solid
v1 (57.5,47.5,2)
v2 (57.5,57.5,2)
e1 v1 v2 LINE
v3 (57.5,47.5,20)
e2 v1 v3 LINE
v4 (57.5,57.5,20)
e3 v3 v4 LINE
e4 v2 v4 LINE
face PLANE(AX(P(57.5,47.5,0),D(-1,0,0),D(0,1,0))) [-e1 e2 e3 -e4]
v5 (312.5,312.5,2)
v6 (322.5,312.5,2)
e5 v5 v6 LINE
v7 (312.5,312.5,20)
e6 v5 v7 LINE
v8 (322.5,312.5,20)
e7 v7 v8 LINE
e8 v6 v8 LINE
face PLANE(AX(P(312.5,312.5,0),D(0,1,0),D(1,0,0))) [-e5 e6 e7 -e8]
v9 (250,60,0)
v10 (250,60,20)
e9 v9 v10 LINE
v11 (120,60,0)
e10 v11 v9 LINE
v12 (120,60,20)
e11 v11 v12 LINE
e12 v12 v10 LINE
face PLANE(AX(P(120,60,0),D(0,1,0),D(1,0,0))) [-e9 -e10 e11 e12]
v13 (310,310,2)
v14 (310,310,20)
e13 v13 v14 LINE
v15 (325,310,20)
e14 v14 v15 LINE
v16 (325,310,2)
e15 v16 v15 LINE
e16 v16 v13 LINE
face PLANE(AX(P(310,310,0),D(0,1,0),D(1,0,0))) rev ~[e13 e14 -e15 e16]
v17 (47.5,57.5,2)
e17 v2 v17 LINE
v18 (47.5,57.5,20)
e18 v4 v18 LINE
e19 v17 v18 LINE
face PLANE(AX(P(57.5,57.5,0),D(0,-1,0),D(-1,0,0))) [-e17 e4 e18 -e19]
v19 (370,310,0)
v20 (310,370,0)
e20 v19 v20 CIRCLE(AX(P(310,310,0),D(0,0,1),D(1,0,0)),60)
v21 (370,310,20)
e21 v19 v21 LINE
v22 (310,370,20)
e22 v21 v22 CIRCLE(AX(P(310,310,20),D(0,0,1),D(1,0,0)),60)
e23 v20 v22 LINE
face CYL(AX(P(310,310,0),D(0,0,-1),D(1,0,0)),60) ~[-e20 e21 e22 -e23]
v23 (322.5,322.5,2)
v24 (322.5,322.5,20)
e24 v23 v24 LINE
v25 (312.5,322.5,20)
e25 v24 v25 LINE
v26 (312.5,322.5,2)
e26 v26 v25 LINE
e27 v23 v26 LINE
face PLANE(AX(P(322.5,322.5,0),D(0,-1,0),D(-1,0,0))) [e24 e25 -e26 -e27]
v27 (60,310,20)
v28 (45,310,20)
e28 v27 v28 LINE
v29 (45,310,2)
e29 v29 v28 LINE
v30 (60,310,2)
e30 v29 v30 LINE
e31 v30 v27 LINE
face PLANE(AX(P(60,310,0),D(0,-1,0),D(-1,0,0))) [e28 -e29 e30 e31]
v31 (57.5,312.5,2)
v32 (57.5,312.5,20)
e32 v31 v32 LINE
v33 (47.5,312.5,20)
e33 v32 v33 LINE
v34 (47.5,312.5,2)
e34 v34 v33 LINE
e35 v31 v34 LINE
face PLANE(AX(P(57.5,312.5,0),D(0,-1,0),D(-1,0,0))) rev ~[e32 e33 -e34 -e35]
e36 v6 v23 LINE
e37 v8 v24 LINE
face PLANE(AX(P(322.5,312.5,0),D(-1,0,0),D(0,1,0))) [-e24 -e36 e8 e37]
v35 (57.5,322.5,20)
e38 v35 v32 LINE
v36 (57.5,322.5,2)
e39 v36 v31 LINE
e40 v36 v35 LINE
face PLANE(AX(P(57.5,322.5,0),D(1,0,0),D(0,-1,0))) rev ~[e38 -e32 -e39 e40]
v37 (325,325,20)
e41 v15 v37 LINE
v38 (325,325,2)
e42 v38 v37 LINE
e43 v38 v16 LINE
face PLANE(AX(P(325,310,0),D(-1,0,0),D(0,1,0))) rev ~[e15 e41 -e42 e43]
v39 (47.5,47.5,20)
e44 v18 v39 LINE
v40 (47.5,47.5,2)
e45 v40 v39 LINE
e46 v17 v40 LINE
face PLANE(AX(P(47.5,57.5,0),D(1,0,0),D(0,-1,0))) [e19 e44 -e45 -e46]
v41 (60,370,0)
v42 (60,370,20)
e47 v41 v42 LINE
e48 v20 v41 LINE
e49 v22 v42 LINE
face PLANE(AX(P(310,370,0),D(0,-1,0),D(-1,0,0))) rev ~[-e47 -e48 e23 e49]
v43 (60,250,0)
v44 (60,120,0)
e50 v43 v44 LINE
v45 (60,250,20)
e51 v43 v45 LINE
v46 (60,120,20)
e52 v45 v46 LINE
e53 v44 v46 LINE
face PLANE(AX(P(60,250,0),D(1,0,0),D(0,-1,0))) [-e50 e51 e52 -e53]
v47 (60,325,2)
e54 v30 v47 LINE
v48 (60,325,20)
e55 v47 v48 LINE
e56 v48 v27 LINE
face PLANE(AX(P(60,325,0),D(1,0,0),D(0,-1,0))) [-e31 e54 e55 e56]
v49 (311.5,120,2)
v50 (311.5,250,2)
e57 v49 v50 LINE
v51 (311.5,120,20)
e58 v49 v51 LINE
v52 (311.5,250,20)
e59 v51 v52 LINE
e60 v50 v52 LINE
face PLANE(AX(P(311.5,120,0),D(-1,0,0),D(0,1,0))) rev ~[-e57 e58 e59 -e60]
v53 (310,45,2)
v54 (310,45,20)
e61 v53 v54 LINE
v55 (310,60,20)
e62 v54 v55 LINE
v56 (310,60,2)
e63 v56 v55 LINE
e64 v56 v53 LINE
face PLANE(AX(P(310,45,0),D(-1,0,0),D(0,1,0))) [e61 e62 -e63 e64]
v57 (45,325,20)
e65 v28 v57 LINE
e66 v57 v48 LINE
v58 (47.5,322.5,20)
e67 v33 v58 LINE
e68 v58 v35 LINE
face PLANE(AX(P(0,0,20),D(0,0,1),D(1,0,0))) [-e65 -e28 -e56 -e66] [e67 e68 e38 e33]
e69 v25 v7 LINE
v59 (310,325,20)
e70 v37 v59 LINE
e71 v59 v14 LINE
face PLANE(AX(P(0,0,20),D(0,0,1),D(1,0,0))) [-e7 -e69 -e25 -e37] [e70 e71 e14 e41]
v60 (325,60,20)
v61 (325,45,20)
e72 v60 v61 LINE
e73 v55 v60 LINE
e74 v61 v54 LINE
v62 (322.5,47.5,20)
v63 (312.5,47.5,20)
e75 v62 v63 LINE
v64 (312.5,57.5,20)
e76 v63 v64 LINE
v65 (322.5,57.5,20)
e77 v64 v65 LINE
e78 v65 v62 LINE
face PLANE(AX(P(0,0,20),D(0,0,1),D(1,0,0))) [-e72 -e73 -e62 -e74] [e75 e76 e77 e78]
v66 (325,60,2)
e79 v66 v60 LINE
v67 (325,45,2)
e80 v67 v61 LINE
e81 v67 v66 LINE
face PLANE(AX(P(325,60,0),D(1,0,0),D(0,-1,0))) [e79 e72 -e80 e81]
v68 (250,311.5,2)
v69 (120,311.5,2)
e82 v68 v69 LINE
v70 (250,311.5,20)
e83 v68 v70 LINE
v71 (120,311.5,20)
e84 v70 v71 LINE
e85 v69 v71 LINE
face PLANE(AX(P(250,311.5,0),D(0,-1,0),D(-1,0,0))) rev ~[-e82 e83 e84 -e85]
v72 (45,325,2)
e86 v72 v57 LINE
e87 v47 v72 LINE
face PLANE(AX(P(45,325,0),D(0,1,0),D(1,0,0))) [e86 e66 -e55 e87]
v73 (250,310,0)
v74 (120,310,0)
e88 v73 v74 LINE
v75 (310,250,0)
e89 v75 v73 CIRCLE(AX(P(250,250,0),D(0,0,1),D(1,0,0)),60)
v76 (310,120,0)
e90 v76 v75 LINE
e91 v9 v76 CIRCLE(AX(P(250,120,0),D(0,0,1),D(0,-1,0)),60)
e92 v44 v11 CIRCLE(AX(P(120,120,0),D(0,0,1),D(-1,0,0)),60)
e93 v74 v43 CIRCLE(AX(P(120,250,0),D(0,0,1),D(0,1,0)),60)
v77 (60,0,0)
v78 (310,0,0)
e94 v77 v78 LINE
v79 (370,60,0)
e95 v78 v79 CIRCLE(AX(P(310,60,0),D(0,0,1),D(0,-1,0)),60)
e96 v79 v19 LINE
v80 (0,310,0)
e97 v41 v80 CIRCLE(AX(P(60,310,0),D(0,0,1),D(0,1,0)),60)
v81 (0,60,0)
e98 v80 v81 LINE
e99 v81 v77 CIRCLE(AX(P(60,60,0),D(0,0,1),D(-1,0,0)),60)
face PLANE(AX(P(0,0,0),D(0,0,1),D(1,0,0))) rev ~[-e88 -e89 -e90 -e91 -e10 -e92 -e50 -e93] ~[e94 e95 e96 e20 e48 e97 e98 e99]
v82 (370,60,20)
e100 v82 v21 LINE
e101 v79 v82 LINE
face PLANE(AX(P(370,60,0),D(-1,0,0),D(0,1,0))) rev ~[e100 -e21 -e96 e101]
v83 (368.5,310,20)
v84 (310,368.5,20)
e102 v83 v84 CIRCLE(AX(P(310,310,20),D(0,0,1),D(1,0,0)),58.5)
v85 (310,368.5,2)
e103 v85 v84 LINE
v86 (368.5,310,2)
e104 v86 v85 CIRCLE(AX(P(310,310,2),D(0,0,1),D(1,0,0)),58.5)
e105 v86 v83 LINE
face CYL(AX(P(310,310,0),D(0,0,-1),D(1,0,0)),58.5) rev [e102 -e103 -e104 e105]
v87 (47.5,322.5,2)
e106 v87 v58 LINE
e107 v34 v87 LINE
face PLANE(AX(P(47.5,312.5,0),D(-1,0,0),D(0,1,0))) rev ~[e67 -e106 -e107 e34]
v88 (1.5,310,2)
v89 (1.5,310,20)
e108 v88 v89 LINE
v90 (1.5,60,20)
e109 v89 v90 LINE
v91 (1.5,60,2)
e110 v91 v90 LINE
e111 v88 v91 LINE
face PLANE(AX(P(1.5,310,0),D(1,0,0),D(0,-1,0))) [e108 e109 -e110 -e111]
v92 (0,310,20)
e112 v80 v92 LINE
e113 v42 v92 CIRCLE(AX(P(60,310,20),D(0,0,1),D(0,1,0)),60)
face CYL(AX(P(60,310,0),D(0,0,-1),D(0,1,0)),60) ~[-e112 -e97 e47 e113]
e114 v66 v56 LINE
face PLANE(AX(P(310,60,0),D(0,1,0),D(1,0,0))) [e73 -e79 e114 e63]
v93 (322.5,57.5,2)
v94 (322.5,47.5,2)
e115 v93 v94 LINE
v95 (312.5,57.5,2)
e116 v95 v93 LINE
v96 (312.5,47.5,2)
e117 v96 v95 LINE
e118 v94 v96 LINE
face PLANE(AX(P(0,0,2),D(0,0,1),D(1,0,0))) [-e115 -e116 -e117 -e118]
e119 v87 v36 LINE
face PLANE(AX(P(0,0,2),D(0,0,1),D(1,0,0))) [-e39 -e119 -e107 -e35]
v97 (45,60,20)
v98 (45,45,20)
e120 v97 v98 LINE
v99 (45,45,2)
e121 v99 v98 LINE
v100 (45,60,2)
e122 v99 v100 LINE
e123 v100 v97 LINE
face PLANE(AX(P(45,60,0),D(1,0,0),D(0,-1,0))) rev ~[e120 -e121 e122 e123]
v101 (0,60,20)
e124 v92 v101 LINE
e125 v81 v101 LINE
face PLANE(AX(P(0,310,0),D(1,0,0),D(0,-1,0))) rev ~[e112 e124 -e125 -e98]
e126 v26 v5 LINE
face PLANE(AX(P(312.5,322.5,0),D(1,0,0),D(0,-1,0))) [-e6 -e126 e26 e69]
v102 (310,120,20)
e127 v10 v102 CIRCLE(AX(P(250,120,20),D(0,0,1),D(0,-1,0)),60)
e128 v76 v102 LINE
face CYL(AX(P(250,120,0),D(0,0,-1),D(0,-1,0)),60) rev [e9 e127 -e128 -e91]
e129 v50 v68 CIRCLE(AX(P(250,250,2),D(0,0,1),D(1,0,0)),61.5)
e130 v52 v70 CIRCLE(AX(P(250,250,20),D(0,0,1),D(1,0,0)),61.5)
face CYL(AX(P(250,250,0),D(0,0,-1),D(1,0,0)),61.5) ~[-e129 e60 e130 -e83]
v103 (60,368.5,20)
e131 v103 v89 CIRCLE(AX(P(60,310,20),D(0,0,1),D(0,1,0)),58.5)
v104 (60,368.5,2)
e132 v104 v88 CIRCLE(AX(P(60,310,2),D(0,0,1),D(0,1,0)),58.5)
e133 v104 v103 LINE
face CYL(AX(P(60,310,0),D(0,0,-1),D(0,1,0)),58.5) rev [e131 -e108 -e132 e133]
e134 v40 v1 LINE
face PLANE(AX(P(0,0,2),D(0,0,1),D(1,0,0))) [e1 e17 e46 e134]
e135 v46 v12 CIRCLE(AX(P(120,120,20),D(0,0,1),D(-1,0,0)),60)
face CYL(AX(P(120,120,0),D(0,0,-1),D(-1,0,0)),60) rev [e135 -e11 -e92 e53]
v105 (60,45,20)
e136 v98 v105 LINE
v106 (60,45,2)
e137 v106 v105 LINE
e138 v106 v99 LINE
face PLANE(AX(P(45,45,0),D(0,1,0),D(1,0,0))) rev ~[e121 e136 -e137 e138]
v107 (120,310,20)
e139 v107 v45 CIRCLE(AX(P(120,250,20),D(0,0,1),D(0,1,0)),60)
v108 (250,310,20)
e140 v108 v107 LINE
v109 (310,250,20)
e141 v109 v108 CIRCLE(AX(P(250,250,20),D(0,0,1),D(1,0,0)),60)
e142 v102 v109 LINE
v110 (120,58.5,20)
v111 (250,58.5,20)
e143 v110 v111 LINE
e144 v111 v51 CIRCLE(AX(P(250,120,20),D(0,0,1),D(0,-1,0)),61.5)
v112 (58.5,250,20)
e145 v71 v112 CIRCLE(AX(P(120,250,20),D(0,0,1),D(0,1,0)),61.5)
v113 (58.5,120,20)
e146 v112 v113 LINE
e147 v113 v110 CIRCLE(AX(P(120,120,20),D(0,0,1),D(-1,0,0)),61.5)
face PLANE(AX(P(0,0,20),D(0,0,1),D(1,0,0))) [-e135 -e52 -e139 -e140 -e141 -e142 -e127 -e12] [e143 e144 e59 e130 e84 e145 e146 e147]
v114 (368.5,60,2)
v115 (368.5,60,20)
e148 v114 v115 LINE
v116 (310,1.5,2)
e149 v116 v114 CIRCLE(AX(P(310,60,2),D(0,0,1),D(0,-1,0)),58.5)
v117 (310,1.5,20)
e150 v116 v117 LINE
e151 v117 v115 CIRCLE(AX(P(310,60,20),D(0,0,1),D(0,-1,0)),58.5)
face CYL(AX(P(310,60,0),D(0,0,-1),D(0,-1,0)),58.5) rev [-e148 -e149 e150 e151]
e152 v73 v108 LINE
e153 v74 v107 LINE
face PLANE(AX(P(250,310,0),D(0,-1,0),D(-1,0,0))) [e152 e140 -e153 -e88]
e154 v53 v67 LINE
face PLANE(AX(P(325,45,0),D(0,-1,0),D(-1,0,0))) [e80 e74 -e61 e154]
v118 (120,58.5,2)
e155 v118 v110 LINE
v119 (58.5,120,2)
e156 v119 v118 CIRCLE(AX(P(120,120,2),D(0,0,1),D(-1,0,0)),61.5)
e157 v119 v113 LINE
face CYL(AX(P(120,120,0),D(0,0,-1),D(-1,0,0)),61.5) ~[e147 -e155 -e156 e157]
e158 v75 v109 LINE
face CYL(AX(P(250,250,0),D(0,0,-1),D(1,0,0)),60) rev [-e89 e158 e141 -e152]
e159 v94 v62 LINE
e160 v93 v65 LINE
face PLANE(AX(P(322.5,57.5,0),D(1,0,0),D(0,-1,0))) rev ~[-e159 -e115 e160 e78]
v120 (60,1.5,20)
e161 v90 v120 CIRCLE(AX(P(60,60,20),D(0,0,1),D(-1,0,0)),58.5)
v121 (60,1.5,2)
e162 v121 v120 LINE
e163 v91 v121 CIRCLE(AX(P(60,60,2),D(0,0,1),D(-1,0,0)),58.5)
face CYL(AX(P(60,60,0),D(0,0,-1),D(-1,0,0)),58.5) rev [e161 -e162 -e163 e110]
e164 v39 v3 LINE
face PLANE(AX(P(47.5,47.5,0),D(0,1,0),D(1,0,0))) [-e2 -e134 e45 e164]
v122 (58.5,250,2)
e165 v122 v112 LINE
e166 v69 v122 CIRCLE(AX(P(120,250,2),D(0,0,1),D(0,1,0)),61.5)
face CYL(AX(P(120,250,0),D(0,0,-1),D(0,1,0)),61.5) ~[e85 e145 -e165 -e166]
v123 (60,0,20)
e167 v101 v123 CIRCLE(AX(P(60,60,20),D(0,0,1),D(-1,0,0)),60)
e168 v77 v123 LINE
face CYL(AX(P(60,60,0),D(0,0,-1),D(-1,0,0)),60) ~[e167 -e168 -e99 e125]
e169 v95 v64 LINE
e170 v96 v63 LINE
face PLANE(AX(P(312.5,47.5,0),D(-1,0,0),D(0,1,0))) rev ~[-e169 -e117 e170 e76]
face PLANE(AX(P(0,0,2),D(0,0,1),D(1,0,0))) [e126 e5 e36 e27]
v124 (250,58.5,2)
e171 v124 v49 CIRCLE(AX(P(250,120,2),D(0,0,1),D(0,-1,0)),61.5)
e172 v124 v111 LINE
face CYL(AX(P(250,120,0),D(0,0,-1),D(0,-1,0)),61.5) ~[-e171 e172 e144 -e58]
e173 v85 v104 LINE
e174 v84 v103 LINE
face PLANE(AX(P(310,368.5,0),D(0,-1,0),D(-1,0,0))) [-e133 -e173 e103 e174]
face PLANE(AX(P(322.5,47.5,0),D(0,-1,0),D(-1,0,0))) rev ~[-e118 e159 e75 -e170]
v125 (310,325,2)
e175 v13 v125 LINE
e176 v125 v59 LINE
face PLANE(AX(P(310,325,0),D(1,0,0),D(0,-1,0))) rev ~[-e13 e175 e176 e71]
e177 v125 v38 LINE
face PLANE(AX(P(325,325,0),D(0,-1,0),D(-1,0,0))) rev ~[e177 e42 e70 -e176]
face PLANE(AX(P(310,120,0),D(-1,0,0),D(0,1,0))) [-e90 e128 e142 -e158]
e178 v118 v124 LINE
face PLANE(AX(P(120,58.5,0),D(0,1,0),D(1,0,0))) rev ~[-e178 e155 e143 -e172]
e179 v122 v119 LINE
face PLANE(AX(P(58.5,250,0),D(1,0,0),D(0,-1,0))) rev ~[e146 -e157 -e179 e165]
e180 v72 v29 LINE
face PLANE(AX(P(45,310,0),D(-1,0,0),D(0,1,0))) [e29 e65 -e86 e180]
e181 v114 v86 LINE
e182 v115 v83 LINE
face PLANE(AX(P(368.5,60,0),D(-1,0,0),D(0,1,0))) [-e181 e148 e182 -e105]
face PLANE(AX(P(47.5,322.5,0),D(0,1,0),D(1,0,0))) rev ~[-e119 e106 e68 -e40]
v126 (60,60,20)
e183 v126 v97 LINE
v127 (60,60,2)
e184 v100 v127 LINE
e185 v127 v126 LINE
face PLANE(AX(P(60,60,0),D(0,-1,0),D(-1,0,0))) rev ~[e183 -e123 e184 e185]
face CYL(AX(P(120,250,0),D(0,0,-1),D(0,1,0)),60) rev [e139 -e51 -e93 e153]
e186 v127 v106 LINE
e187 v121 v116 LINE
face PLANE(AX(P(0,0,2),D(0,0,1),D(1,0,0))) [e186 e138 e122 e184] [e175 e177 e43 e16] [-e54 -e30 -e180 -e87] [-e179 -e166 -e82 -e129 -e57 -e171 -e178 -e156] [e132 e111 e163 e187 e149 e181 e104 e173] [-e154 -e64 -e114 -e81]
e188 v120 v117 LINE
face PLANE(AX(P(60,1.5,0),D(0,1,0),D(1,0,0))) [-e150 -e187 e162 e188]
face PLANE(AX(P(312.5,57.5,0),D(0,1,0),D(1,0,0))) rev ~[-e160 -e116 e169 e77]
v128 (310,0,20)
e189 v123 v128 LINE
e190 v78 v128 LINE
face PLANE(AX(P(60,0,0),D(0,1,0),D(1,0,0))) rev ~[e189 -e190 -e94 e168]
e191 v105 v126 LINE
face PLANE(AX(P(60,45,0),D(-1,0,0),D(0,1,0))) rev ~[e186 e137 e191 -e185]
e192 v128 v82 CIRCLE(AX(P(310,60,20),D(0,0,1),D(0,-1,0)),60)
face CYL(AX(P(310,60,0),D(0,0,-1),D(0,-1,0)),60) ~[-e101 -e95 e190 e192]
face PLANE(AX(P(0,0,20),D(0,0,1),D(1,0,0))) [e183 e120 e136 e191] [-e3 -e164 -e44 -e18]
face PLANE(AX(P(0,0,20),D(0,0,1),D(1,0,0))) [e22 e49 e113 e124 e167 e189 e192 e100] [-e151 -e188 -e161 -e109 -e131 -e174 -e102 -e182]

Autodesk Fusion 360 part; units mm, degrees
sketch "Skizze1" plane through (0, 0, 0) normal (0, 0, 1) x (1, 0, 0)
  line L0 (60, 0) -> (310, 0)
  line L1 (370, 60) -> (370, 310)
  line L2 (310, 370) -> (60, 370)
  line L3 (0, 310) -> (0, 60)
  line L4 (120, 60) -> (250, 60)
  line L5 (310, 120) -> (310, 250)
  line L6 (250, 310) -> (120, 310)
  line L7 (60, 250) -> (60, 120)
  arc A0 (120, 310) -> (60, 250) centre (120, 250) ccw
  arc A1 (310, 250) -> (250, 310) centre (250, 250) ccw
  arc A2 (250, 60) -> (310, 120) centre (250, 120) ccw
  arc A3 (60, 120) -> (120, 60) centre (120, 120) ccw
  arc A4 (310, 0) -> (370, 60) centre (310, 60) ccw
  arc A5 (0, 60) -> (60, 0) centre (60, 60) ccw
  arc A6 (60, 370) -> (0, 310) centre (60, 310) ccw
  arc A7 (370, 310) -> (310, 370) centre (310, 310) ccw
  line L8 (368.5, 60) -> (368.5, 310)
  arc A8 (368.5, 310) -> (310, 368.5) centre (310, 310) ccw
  line L9 (310, 368.5) -> (60, 368.5)
  arc A9 (60, 368.5) -> (1.5, 310) centre (60, 310) ccw
  line L10 (1.5, 310) -> (1.5, 60)
  arc A10 (1.5, 60) -> (60, 1.5) centre (60, 60) ccw
  line L11 (60, 1.5) -> (310, 1.5)
  arc A11 (310, 1.5) -> (368.5, 60) centre (310, 60) ccw
  line L12 (120, 58.5) -> (250, 58.5)
  arc A12 (250, 58.5) -> (311.5, 120) centre (250, 120) ccw
  line L13 (311.5, 120) -> (311.5, 250)
  arc A13 (311.5, 250) -> (250, 311.5) centre (250, 250) ccw
  line L14 (250, 311.5) -> (120, 311.5)
  arc A14 (120, 311.5) -> (58.5, 250) centre (120, 250) ccw
  line L15 (58.5, 250) -> (58.5, 120)
  arc A15 (58.5, 120) -> (120, 58.5) centre (120, 120) ccw
  line L16 (105, 5) -> (265, 5)
  line L17 (265, 5) -> (265, 55)
  line L18 (265, 55) -> (105, 55)
  line L19 (105, 55) -> (105, 5)
  line L20 (310, 60) -> (325, 60)
  line L21 (325, 60) -> (325, 45)
  line L22 (325, 45) -> (310, 45)
  line L23 (310, 45) -> (310, 60)
  line L24 (312.5, 57.5) -> (322.5, 57.5)
  line L25 (322.5, 57.5) -> (322.5, 47.5)
  line L26 (322.5, 47.5) -> (312.5, 47.5)
  line L27 (312.5, 47.5) -> (312.5, 57.5)
  line L28 (310, 310) -> (325, 310)
  line L29 (325, 310) -> (325, 325)
  line L30 (325, 325) -> (310, 325)
  line L31 (310, 325) -> (310, 310)
  line L32 (60, 310) -> (45, 310)
  line L33 (45, 310) -> (45, 325)
  line L34 (45, 325) -> (60, 325)
  line L35 (60, 325) -> (60, 310)
  line L36 (57.5, 312.5) -> (47.5, 312.5)
  line L37 (47.5, 312.5) -> (47.5, 322.5)
  line L38 (47.5, 322.5) -> (57.5, 322.5)
  line L39 (57.5, 322.5) -> (57.5, 312.5)
  line L40 (322.5, 312.5) -> (322.5, 322.5)
  line L41 (322.5, 322.5) -> (312.5, 322.5)
  line L42 (312.5, 322.5) -> (312.5, 312.5)
  line L43 (312.5, 312.5) -> (322.5, 312.5)
  line L44 (60, 60) -> (45, 60)
  line L45 (45, 60) -> (45, 45)
  line L46 (45, 45) -> (60, 45)
  line L47 (60, 45) -> (60, 60)
  line L48 (47.5, 47.5) -> (57.5, 47.5)
  line L49 (57.5, 47.5) -> (57.5, 57.5)
  line L50 (57.5, 57.5) -> (47.5, 57.5)
  line L51 (47.5, 57.5) -> (47.5, 47.5)
  circle A16 centre (110, 50) radius 5
  circle A17 centre (110, 10) radius 5
  circle A18 centre (260, 50) radius 5
  circle A19 centre (260, 10) radius 5
  point P0 (370, 0)
  point P1 (0, 370)
  dimension "d3" = 370
  dimension "d4" = 370
  dimension "d6" = 60
  dimension "d7" = -1.5
  dimension "d8" = 1.5
  dimension "d11" = 160
  dimension "d12" = 50
  dimension "d13" = 15
  dimension "d14" = 15
  dimension "d15" = 2.5
  dimension "d16" = 15
  dimension "d17" = 15
  dimension "d18" = 15
  dimension "d19" = 15
  dimension "d20" = 2.5
  dimension "d21" = -2.5
  dimension "d22" = 15
  dimension "d23" = 15
  dimension "d24" = -2.5
  dimension "d35" = 10
  dimension "d36" = 10
  dimension "d37" = 10
  dimension "d38" = 10
extrude "Extrusion1" add sketch "Skizze1" along normal blind 2 contours L16 L19 A17 | L16 L17 L18 L19 A16 A17 A18 A19 | A17 | L16 L17 A19 | A19 | L18 L19 A16 | A16 | L17 L18 A18 | A18 | L20 L21 L22 L23 | L24 L25 L26 L27 | L28 L29 L30 L31 | L32 L33 L34 L35 | L36 L37 L38 L39 | L40 L41 L42 L43 | L44 L45 L46 L47 | L48 L49 L50 L51 makes body 1 at (50, 55, 0) makes body 2 at (315, 55, 0) makes body 3 at (55, 315, 0) makes body 4 at (158.3333, 38.3333, 0) makes body 5 at (315, 320, 0)
extrude "Extrusion2" add sketch "Skizze1" along normal blind 2 contours L8 A8 L9 A9 L10 A10 L11 A11 bodies 1 2 3 4 5
extrude "Extrusion3" add sketch "Skizze1" along normal blind 20 contours L0 L1 L2 L3 A4 A5 A6 A7 | L12 A12 L13 A13 L14 A14 L15 A15 bodies 1
extrude "Extrusion4" add sketch "Skizze1" along normal blind 2 separate body contours L24 L25 L26 L27 | L36 L37 L38 L39 | L40 L41 L42 L43 | L48 L49 L50 L51 makes body 6 at (319.1667, 315.8333, 0) makes body 7 at (50.8333, 54.1667, 0) makes body 8 at (54.1667, 315.8333, 0) makes body 9 at (315.8333, 54.1667, 0)
extrude "Extrusion5" add sketch "Skizze1" along normal blind 20 contours L20 L21 L22 L23 | L28 L29 L30 L31 | L32 L33 L34 L35 | L44 L45 L46 L47 bodies 1 6 7 8 9
